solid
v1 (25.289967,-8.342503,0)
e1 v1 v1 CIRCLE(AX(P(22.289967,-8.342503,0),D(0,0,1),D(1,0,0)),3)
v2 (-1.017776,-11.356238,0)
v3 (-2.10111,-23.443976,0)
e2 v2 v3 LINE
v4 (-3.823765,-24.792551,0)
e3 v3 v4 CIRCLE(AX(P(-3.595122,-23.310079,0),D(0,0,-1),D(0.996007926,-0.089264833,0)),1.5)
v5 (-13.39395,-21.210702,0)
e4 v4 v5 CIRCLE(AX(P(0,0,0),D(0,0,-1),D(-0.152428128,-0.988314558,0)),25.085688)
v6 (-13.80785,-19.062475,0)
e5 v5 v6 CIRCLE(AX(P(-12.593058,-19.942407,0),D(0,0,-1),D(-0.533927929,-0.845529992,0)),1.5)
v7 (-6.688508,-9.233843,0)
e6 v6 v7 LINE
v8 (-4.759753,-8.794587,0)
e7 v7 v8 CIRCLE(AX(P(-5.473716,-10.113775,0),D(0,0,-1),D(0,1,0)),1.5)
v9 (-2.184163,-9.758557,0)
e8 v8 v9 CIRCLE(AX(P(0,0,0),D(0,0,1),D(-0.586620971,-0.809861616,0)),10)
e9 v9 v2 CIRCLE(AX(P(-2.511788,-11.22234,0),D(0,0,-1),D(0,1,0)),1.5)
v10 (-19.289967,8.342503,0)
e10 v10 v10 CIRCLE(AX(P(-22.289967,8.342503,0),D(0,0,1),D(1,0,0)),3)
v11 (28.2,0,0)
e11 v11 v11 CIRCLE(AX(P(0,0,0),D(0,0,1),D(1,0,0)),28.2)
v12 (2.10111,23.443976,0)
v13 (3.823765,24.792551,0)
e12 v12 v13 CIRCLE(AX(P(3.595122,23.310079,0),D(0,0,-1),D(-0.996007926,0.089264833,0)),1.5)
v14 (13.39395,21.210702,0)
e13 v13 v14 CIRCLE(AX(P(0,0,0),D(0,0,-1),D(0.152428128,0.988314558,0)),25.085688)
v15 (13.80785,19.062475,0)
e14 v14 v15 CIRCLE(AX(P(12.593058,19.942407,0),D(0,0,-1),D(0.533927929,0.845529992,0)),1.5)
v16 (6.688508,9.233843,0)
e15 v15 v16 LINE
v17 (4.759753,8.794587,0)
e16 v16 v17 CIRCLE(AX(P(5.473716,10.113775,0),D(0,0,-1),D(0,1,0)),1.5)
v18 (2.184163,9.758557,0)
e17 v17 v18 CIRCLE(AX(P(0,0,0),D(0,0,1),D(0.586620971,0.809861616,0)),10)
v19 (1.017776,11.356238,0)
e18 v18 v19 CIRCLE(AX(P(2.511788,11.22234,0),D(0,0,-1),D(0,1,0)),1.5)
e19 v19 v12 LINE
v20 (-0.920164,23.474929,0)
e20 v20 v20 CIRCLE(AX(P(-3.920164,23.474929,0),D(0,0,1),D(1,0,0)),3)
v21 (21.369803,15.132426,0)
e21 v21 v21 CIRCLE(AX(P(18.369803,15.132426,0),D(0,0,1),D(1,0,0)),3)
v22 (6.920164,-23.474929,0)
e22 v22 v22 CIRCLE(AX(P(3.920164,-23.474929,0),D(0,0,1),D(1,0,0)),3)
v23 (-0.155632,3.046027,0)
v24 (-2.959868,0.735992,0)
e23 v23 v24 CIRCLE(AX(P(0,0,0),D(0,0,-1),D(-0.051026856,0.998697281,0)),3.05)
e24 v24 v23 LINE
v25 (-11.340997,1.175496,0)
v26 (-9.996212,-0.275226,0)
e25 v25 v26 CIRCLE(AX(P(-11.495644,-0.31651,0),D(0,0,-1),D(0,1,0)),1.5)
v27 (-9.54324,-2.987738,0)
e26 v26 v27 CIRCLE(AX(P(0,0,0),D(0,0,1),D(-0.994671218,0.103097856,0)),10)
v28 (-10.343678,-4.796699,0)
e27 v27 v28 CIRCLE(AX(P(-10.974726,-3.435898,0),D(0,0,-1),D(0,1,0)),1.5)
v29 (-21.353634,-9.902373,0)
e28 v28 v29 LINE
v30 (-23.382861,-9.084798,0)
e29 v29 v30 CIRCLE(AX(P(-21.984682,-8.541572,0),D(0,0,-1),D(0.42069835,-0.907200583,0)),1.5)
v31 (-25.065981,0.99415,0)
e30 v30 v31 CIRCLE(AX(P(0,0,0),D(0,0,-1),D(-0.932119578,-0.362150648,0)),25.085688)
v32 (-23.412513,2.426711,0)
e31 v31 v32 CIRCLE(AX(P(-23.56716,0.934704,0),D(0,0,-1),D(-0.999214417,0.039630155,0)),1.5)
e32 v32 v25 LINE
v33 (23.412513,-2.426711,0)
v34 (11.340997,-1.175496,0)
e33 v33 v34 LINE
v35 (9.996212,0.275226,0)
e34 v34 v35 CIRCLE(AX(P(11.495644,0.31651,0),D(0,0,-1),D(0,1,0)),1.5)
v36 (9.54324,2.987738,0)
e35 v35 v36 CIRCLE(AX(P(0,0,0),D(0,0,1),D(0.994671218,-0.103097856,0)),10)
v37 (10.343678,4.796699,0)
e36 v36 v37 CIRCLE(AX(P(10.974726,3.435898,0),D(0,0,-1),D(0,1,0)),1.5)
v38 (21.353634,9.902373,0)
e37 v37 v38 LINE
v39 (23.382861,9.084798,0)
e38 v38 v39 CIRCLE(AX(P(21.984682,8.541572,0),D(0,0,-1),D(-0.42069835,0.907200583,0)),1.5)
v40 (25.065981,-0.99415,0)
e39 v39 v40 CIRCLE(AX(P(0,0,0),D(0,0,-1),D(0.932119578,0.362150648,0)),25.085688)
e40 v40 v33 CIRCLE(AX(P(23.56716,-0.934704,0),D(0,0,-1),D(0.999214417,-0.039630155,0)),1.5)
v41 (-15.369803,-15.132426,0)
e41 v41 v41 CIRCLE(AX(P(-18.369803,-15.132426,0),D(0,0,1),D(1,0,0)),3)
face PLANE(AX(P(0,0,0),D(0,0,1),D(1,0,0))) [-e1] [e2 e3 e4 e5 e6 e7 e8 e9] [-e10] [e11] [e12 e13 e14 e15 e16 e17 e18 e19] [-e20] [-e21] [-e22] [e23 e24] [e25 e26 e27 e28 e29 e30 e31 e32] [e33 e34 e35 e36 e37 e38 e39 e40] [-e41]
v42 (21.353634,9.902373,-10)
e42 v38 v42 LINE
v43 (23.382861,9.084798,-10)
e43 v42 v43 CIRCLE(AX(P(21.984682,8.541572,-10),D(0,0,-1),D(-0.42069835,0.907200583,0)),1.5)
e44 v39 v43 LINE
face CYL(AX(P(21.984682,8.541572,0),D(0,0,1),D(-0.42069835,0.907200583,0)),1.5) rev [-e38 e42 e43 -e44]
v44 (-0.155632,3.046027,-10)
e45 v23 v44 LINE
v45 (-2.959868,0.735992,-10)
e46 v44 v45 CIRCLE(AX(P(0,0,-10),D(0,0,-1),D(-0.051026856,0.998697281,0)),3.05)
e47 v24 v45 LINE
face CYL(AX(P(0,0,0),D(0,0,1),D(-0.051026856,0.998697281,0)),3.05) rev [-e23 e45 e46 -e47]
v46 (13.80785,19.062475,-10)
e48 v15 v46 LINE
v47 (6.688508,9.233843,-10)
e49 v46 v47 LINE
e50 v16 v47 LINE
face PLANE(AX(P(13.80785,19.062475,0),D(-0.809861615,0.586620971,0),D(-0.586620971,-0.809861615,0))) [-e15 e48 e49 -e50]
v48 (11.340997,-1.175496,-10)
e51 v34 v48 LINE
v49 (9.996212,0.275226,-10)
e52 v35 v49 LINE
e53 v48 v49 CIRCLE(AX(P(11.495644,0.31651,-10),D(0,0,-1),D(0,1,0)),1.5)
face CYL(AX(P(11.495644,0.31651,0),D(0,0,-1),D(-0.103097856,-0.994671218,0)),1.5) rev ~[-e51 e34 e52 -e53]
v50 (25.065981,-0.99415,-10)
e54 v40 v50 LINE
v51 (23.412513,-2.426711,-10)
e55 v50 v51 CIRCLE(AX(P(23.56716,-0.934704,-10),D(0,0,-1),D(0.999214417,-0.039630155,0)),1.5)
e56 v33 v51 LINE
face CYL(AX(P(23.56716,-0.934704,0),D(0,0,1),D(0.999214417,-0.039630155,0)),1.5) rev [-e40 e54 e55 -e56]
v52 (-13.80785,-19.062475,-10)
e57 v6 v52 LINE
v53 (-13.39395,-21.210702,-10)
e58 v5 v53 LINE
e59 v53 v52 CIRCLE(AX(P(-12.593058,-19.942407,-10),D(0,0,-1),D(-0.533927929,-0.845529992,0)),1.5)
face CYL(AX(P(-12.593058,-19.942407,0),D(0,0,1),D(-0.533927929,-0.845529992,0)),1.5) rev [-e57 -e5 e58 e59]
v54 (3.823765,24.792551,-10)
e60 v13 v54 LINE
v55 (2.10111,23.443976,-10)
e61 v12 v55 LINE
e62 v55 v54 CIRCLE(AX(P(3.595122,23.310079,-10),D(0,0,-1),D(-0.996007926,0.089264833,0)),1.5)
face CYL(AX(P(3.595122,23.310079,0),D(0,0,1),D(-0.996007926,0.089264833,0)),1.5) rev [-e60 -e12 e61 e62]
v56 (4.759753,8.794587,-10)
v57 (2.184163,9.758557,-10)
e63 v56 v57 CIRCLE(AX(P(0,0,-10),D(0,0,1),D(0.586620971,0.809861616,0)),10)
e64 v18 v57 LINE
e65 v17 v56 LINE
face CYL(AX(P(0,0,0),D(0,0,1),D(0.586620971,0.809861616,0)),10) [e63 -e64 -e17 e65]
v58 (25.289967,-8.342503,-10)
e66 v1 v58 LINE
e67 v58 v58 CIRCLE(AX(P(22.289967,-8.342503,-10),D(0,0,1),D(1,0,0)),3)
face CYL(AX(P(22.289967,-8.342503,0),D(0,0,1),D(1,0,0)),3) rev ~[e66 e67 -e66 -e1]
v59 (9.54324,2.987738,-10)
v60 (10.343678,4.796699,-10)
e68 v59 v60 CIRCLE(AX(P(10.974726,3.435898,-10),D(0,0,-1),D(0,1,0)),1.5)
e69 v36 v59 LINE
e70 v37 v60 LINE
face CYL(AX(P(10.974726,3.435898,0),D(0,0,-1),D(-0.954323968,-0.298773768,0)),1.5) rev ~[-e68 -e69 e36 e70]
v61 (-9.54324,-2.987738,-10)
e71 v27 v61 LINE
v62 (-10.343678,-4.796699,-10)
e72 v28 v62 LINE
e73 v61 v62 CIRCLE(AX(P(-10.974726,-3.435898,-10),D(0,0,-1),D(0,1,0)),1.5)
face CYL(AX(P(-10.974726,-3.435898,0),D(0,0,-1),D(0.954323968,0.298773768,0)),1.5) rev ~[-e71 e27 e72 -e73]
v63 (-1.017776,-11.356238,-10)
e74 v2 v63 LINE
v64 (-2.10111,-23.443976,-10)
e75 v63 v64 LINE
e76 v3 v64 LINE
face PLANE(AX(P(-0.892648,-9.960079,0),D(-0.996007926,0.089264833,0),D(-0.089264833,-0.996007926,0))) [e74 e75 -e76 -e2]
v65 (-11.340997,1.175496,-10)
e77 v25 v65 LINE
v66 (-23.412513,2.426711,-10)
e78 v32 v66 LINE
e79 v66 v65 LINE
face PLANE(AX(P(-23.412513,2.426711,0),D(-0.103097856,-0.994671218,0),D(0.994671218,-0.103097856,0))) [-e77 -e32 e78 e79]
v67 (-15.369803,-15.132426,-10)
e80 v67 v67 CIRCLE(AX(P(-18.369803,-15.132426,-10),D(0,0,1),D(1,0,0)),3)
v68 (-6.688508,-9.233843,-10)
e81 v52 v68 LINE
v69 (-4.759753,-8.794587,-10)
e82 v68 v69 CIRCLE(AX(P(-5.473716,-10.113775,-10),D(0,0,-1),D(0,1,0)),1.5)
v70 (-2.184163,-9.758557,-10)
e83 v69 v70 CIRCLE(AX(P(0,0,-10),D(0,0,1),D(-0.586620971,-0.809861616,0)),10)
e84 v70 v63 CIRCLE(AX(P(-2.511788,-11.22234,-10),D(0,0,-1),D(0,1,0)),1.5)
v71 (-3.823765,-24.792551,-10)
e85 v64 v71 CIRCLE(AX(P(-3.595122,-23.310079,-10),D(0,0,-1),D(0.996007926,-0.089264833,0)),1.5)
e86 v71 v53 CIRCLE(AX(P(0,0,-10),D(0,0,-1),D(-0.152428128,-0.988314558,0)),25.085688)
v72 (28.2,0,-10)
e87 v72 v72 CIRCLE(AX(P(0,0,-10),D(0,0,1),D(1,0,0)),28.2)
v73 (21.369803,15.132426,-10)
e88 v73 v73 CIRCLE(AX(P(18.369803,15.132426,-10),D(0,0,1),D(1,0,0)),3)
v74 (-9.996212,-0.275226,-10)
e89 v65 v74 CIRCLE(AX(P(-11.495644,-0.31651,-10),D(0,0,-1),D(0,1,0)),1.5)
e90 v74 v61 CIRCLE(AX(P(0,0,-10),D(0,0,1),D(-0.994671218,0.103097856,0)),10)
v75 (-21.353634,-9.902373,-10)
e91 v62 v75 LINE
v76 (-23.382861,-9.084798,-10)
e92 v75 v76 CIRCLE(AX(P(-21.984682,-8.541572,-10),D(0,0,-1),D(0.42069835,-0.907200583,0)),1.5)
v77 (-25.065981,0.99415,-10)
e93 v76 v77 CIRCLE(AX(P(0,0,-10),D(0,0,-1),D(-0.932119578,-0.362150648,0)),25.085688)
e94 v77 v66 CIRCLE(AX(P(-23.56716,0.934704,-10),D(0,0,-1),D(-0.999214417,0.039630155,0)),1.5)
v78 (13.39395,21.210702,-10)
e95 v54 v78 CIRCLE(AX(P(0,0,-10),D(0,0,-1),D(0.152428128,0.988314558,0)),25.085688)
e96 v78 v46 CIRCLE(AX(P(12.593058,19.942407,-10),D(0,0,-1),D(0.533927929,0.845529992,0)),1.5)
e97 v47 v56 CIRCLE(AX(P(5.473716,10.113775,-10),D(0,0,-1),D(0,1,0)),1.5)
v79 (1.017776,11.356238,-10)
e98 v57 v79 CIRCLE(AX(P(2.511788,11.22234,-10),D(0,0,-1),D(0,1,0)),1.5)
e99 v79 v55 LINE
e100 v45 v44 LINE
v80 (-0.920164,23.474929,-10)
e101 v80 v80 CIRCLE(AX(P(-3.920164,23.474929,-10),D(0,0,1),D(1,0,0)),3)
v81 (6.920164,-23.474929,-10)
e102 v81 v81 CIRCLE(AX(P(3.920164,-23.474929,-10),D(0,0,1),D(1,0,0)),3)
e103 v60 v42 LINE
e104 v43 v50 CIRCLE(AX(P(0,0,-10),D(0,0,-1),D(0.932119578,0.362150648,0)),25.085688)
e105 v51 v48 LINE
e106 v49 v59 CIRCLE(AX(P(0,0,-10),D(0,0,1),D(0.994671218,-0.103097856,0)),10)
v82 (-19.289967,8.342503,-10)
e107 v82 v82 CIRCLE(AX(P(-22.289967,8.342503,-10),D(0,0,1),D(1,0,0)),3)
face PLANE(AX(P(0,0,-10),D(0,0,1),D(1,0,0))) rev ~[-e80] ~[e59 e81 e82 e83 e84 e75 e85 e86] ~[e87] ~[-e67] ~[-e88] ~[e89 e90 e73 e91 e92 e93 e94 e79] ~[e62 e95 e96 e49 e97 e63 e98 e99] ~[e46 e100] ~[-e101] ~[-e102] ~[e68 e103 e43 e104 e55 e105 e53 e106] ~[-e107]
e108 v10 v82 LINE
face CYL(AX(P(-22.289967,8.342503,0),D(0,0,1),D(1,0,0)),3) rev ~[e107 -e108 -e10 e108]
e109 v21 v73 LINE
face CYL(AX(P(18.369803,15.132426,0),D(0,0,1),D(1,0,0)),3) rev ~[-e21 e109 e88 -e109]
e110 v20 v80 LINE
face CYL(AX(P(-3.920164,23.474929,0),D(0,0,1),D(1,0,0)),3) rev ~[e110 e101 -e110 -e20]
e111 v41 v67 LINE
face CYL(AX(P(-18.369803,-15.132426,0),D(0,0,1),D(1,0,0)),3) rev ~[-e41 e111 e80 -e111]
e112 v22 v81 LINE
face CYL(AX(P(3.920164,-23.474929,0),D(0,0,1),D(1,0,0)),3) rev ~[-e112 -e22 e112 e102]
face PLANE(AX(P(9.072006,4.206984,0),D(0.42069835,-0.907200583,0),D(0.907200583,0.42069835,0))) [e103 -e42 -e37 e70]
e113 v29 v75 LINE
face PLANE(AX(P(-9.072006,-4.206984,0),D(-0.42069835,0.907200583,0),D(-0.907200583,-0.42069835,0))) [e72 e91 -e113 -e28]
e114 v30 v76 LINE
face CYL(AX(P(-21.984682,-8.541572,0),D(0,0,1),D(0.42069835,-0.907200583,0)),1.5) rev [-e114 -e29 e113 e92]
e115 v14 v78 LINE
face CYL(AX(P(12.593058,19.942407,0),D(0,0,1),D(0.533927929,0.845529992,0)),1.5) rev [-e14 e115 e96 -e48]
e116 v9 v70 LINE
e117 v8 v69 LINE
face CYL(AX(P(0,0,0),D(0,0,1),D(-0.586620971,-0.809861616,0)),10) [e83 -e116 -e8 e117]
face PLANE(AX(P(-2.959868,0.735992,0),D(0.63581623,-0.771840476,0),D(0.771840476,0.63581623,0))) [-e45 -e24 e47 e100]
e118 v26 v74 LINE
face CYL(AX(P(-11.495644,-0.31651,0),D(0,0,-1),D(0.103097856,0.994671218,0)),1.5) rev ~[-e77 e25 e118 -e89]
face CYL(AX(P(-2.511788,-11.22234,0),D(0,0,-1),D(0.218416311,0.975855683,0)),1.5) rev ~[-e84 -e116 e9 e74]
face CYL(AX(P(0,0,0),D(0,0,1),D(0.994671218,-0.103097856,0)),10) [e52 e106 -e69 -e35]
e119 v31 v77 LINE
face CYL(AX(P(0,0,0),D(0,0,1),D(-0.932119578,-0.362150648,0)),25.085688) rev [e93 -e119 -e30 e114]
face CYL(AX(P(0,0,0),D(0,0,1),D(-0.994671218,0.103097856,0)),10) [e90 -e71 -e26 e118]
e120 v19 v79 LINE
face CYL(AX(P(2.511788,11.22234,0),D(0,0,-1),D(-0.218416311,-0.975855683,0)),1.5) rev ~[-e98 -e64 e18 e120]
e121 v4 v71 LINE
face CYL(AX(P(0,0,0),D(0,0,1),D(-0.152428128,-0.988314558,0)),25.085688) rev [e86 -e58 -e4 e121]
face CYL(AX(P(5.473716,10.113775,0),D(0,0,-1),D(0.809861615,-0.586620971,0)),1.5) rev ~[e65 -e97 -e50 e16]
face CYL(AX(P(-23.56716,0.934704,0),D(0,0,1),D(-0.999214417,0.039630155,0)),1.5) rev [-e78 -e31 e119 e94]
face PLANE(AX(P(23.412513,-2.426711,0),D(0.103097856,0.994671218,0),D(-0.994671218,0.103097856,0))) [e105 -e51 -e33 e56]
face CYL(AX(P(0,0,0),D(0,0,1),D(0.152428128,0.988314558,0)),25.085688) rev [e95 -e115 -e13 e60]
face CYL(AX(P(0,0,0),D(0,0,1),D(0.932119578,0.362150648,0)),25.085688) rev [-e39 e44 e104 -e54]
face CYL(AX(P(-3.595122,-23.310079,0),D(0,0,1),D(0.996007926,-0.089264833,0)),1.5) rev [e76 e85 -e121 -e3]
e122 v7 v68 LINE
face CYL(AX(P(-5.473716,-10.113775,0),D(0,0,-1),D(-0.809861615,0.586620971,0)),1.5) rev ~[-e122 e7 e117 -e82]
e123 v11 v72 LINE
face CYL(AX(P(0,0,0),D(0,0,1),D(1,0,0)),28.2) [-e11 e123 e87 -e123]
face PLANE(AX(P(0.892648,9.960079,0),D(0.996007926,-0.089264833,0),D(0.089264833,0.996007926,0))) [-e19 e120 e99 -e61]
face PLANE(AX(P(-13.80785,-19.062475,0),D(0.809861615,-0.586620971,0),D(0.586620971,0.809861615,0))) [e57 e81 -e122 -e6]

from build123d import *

# Parameters (mm, degrees)
SKETCH1_6_R         = 28.2
SKETCH1_6_R_2       = 3
BOSS_EXTRUDE4_DEPTH = 10
FILLET4_R           = 1.5


with BuildPart() as part:
    # Sketch1_6 → Boss-Extrude4 (new body)
    with BuildSketch(Plane.XY):
        Circle(SKETCH1_6_R)
        with BuildLine():
            ThreePointArc((5.866209712, 8.098616155), (3.505253449, 9.36553246), (0.892648331, 9.960079265))
            Line((0.892648331, 9.960079265), (2.101110424, 23.44397635))
            ThreePointArc((2.101110424, 23.44397635), (2.670485373, 24.491199978), (3.823764506, 24.792550937))
            ThreePointArc((3.823764506, 24.792550937), (8.793169539, 23.494082796), (13.393949598, 21.210701807))
            ThreePointArc((13.393949598, 21.210701807), (14.065968099, 20.226193659), (13.807850128, 19.062475363))
            Line((13.807850128, 19.062475363), (5.866209712, 8.098616155))
        make_face(mode=Mode.SUBTRACT)
        with BuildLine():
            ThreePointArc((-9.946712181, 1.030978557), (-9.863415755, -1.647127697), (-9.072005832, -4.206983501))
            Line((-9.072005832, -4.206983501), (-21.353634297, -9.902373172))
            ThreePointArc((-21.353634297, -9.902373172), (-22.545244036, -9.932891816), (-23.382861189, -9.084798269))
            ThreePointArc((-23.382861189, -9.084798269), (-24.74305731, -4.131933198), (-25.065981396, 0.994149706))
            ThreePointArc((-25.065981396, 0.994149706), (-24.54938158, 2.068388873), (-23.412512987, 2.426711301))
            Line((-23.412512987, 2.426711301), (-9.946712181, 1.030978557))
        make_face(mode=Mode.SUBTRACT)
        with BuildLine():
            ThreePointArc((-5.866209712, -8.098616155), (-3.505253449, -9.36553246), (-0.892648331, -9.960079265))
            Line((-0.892648331, -9.960079265), (-2.101110424, -23.44397635))
            ThreePointArc((-2.101110424, -23.44397635), (-2.670485373, -24.491199978), (-3.823764506, -24.792550937))
            ThreePointArc((-3.823764506, -24.792550937), (-8.793169539, -23.494082796), (-13.393949598, -21.210701807))
            ThreePointArc((-13.393949598, -21.210701807), (-14.065968099, -20.226193659), (-13.807850128, -19.062475363))
            Line((-13.807850128, -19.062475363), (-5.866209712, -8.098616155))
        make_face(mode=Mode.SUBTRACT)
        with BuildLine():
            ThreePointArc((9.946712181, -1.030978557), (9.863415755, 1.647127697), (9.072005832, 4.206983501))
            Line((9.072005832, 4.206983501), (21.353634297, 9.902373172))
            ThreePointArc((21.353634297, 9.902373172), (22.545244036, 9.932891816), (23.382861189, 9.084798269))
            ThreePointArc((23.382861189, 9.084798269), (24.74305731, 4.131933198), (25.065981396, -0.994149706))
            ThreePointArc((25.065981396, -0.994149706), (24.54938158, -2.068388873), (23.412512987, -2.426711301))
            Line((23.412512987, -2.426711301), (9.946712181, -1.030978557))
        make_face(mode=Mode.SUBTRACT)
        with Locations((-18.369803336, -15.132426289)):
            Circle(SKETCH1_6_R_2, mode=Mode.SUBTRACT)
        with Locations((3.920163919, -23.474929496)):
            Circle(SKETCH1_6_R_2, mode=Mode.SUBTRACT)
        with Locations((22.289967255, -8.342503208)):
            Circle(SKETCH1_6_R_2, mode=Mode.SUBTRACT)
        with Locations((-22.289967255, 8.342503208)):
            Circle(SKETCH1_6_R_2, mode=Mode.SUBTRACT)
        with Locations((18.369803336, 15.132426289)):
            Circle(SKETCH1_6_R_2, mode=Mode.SUBTRACT)
        with Locations((-3.920163919, 23.474929496)):
            Circle(SKETCH1_6_R_2, mode=Mode.SUBTRACT)
        with BuildLine():
            ThreePointArc((-0.15563191, 3.046026708), (1.939239503, -2.354113453), (-2.95986762, 0.735991626))
            Line((-2.95986762, 0.735991626), (-0.15563191, 3.046026708))
        make_face(mode=Mode.SUBTRACT)
    extrude(amount=-BOSS_EXTRUDE4_DEPTH)

    # Fillet4
    fillet4_edges = [part.edges().sort_by_distance(p)[0] for p in [
        (-5.866209712, -8.098616155, -5),
        (-0.892648331, -9.960079265, -5),
        (9.072005832, 4.206983501, -5),
        (9.946712181, -1.030978557, -5),
        (0.892648331, 9.960079265, -5),
        (5.866209712, 8.098616155, -5),
        (-9.072005832, -4.206983501, -5),
        (-9.946712181, 1.030978557, -5),
    ]]
    fillet(fillet4_edges, radius=FILLET4_R)


solid = part.part
